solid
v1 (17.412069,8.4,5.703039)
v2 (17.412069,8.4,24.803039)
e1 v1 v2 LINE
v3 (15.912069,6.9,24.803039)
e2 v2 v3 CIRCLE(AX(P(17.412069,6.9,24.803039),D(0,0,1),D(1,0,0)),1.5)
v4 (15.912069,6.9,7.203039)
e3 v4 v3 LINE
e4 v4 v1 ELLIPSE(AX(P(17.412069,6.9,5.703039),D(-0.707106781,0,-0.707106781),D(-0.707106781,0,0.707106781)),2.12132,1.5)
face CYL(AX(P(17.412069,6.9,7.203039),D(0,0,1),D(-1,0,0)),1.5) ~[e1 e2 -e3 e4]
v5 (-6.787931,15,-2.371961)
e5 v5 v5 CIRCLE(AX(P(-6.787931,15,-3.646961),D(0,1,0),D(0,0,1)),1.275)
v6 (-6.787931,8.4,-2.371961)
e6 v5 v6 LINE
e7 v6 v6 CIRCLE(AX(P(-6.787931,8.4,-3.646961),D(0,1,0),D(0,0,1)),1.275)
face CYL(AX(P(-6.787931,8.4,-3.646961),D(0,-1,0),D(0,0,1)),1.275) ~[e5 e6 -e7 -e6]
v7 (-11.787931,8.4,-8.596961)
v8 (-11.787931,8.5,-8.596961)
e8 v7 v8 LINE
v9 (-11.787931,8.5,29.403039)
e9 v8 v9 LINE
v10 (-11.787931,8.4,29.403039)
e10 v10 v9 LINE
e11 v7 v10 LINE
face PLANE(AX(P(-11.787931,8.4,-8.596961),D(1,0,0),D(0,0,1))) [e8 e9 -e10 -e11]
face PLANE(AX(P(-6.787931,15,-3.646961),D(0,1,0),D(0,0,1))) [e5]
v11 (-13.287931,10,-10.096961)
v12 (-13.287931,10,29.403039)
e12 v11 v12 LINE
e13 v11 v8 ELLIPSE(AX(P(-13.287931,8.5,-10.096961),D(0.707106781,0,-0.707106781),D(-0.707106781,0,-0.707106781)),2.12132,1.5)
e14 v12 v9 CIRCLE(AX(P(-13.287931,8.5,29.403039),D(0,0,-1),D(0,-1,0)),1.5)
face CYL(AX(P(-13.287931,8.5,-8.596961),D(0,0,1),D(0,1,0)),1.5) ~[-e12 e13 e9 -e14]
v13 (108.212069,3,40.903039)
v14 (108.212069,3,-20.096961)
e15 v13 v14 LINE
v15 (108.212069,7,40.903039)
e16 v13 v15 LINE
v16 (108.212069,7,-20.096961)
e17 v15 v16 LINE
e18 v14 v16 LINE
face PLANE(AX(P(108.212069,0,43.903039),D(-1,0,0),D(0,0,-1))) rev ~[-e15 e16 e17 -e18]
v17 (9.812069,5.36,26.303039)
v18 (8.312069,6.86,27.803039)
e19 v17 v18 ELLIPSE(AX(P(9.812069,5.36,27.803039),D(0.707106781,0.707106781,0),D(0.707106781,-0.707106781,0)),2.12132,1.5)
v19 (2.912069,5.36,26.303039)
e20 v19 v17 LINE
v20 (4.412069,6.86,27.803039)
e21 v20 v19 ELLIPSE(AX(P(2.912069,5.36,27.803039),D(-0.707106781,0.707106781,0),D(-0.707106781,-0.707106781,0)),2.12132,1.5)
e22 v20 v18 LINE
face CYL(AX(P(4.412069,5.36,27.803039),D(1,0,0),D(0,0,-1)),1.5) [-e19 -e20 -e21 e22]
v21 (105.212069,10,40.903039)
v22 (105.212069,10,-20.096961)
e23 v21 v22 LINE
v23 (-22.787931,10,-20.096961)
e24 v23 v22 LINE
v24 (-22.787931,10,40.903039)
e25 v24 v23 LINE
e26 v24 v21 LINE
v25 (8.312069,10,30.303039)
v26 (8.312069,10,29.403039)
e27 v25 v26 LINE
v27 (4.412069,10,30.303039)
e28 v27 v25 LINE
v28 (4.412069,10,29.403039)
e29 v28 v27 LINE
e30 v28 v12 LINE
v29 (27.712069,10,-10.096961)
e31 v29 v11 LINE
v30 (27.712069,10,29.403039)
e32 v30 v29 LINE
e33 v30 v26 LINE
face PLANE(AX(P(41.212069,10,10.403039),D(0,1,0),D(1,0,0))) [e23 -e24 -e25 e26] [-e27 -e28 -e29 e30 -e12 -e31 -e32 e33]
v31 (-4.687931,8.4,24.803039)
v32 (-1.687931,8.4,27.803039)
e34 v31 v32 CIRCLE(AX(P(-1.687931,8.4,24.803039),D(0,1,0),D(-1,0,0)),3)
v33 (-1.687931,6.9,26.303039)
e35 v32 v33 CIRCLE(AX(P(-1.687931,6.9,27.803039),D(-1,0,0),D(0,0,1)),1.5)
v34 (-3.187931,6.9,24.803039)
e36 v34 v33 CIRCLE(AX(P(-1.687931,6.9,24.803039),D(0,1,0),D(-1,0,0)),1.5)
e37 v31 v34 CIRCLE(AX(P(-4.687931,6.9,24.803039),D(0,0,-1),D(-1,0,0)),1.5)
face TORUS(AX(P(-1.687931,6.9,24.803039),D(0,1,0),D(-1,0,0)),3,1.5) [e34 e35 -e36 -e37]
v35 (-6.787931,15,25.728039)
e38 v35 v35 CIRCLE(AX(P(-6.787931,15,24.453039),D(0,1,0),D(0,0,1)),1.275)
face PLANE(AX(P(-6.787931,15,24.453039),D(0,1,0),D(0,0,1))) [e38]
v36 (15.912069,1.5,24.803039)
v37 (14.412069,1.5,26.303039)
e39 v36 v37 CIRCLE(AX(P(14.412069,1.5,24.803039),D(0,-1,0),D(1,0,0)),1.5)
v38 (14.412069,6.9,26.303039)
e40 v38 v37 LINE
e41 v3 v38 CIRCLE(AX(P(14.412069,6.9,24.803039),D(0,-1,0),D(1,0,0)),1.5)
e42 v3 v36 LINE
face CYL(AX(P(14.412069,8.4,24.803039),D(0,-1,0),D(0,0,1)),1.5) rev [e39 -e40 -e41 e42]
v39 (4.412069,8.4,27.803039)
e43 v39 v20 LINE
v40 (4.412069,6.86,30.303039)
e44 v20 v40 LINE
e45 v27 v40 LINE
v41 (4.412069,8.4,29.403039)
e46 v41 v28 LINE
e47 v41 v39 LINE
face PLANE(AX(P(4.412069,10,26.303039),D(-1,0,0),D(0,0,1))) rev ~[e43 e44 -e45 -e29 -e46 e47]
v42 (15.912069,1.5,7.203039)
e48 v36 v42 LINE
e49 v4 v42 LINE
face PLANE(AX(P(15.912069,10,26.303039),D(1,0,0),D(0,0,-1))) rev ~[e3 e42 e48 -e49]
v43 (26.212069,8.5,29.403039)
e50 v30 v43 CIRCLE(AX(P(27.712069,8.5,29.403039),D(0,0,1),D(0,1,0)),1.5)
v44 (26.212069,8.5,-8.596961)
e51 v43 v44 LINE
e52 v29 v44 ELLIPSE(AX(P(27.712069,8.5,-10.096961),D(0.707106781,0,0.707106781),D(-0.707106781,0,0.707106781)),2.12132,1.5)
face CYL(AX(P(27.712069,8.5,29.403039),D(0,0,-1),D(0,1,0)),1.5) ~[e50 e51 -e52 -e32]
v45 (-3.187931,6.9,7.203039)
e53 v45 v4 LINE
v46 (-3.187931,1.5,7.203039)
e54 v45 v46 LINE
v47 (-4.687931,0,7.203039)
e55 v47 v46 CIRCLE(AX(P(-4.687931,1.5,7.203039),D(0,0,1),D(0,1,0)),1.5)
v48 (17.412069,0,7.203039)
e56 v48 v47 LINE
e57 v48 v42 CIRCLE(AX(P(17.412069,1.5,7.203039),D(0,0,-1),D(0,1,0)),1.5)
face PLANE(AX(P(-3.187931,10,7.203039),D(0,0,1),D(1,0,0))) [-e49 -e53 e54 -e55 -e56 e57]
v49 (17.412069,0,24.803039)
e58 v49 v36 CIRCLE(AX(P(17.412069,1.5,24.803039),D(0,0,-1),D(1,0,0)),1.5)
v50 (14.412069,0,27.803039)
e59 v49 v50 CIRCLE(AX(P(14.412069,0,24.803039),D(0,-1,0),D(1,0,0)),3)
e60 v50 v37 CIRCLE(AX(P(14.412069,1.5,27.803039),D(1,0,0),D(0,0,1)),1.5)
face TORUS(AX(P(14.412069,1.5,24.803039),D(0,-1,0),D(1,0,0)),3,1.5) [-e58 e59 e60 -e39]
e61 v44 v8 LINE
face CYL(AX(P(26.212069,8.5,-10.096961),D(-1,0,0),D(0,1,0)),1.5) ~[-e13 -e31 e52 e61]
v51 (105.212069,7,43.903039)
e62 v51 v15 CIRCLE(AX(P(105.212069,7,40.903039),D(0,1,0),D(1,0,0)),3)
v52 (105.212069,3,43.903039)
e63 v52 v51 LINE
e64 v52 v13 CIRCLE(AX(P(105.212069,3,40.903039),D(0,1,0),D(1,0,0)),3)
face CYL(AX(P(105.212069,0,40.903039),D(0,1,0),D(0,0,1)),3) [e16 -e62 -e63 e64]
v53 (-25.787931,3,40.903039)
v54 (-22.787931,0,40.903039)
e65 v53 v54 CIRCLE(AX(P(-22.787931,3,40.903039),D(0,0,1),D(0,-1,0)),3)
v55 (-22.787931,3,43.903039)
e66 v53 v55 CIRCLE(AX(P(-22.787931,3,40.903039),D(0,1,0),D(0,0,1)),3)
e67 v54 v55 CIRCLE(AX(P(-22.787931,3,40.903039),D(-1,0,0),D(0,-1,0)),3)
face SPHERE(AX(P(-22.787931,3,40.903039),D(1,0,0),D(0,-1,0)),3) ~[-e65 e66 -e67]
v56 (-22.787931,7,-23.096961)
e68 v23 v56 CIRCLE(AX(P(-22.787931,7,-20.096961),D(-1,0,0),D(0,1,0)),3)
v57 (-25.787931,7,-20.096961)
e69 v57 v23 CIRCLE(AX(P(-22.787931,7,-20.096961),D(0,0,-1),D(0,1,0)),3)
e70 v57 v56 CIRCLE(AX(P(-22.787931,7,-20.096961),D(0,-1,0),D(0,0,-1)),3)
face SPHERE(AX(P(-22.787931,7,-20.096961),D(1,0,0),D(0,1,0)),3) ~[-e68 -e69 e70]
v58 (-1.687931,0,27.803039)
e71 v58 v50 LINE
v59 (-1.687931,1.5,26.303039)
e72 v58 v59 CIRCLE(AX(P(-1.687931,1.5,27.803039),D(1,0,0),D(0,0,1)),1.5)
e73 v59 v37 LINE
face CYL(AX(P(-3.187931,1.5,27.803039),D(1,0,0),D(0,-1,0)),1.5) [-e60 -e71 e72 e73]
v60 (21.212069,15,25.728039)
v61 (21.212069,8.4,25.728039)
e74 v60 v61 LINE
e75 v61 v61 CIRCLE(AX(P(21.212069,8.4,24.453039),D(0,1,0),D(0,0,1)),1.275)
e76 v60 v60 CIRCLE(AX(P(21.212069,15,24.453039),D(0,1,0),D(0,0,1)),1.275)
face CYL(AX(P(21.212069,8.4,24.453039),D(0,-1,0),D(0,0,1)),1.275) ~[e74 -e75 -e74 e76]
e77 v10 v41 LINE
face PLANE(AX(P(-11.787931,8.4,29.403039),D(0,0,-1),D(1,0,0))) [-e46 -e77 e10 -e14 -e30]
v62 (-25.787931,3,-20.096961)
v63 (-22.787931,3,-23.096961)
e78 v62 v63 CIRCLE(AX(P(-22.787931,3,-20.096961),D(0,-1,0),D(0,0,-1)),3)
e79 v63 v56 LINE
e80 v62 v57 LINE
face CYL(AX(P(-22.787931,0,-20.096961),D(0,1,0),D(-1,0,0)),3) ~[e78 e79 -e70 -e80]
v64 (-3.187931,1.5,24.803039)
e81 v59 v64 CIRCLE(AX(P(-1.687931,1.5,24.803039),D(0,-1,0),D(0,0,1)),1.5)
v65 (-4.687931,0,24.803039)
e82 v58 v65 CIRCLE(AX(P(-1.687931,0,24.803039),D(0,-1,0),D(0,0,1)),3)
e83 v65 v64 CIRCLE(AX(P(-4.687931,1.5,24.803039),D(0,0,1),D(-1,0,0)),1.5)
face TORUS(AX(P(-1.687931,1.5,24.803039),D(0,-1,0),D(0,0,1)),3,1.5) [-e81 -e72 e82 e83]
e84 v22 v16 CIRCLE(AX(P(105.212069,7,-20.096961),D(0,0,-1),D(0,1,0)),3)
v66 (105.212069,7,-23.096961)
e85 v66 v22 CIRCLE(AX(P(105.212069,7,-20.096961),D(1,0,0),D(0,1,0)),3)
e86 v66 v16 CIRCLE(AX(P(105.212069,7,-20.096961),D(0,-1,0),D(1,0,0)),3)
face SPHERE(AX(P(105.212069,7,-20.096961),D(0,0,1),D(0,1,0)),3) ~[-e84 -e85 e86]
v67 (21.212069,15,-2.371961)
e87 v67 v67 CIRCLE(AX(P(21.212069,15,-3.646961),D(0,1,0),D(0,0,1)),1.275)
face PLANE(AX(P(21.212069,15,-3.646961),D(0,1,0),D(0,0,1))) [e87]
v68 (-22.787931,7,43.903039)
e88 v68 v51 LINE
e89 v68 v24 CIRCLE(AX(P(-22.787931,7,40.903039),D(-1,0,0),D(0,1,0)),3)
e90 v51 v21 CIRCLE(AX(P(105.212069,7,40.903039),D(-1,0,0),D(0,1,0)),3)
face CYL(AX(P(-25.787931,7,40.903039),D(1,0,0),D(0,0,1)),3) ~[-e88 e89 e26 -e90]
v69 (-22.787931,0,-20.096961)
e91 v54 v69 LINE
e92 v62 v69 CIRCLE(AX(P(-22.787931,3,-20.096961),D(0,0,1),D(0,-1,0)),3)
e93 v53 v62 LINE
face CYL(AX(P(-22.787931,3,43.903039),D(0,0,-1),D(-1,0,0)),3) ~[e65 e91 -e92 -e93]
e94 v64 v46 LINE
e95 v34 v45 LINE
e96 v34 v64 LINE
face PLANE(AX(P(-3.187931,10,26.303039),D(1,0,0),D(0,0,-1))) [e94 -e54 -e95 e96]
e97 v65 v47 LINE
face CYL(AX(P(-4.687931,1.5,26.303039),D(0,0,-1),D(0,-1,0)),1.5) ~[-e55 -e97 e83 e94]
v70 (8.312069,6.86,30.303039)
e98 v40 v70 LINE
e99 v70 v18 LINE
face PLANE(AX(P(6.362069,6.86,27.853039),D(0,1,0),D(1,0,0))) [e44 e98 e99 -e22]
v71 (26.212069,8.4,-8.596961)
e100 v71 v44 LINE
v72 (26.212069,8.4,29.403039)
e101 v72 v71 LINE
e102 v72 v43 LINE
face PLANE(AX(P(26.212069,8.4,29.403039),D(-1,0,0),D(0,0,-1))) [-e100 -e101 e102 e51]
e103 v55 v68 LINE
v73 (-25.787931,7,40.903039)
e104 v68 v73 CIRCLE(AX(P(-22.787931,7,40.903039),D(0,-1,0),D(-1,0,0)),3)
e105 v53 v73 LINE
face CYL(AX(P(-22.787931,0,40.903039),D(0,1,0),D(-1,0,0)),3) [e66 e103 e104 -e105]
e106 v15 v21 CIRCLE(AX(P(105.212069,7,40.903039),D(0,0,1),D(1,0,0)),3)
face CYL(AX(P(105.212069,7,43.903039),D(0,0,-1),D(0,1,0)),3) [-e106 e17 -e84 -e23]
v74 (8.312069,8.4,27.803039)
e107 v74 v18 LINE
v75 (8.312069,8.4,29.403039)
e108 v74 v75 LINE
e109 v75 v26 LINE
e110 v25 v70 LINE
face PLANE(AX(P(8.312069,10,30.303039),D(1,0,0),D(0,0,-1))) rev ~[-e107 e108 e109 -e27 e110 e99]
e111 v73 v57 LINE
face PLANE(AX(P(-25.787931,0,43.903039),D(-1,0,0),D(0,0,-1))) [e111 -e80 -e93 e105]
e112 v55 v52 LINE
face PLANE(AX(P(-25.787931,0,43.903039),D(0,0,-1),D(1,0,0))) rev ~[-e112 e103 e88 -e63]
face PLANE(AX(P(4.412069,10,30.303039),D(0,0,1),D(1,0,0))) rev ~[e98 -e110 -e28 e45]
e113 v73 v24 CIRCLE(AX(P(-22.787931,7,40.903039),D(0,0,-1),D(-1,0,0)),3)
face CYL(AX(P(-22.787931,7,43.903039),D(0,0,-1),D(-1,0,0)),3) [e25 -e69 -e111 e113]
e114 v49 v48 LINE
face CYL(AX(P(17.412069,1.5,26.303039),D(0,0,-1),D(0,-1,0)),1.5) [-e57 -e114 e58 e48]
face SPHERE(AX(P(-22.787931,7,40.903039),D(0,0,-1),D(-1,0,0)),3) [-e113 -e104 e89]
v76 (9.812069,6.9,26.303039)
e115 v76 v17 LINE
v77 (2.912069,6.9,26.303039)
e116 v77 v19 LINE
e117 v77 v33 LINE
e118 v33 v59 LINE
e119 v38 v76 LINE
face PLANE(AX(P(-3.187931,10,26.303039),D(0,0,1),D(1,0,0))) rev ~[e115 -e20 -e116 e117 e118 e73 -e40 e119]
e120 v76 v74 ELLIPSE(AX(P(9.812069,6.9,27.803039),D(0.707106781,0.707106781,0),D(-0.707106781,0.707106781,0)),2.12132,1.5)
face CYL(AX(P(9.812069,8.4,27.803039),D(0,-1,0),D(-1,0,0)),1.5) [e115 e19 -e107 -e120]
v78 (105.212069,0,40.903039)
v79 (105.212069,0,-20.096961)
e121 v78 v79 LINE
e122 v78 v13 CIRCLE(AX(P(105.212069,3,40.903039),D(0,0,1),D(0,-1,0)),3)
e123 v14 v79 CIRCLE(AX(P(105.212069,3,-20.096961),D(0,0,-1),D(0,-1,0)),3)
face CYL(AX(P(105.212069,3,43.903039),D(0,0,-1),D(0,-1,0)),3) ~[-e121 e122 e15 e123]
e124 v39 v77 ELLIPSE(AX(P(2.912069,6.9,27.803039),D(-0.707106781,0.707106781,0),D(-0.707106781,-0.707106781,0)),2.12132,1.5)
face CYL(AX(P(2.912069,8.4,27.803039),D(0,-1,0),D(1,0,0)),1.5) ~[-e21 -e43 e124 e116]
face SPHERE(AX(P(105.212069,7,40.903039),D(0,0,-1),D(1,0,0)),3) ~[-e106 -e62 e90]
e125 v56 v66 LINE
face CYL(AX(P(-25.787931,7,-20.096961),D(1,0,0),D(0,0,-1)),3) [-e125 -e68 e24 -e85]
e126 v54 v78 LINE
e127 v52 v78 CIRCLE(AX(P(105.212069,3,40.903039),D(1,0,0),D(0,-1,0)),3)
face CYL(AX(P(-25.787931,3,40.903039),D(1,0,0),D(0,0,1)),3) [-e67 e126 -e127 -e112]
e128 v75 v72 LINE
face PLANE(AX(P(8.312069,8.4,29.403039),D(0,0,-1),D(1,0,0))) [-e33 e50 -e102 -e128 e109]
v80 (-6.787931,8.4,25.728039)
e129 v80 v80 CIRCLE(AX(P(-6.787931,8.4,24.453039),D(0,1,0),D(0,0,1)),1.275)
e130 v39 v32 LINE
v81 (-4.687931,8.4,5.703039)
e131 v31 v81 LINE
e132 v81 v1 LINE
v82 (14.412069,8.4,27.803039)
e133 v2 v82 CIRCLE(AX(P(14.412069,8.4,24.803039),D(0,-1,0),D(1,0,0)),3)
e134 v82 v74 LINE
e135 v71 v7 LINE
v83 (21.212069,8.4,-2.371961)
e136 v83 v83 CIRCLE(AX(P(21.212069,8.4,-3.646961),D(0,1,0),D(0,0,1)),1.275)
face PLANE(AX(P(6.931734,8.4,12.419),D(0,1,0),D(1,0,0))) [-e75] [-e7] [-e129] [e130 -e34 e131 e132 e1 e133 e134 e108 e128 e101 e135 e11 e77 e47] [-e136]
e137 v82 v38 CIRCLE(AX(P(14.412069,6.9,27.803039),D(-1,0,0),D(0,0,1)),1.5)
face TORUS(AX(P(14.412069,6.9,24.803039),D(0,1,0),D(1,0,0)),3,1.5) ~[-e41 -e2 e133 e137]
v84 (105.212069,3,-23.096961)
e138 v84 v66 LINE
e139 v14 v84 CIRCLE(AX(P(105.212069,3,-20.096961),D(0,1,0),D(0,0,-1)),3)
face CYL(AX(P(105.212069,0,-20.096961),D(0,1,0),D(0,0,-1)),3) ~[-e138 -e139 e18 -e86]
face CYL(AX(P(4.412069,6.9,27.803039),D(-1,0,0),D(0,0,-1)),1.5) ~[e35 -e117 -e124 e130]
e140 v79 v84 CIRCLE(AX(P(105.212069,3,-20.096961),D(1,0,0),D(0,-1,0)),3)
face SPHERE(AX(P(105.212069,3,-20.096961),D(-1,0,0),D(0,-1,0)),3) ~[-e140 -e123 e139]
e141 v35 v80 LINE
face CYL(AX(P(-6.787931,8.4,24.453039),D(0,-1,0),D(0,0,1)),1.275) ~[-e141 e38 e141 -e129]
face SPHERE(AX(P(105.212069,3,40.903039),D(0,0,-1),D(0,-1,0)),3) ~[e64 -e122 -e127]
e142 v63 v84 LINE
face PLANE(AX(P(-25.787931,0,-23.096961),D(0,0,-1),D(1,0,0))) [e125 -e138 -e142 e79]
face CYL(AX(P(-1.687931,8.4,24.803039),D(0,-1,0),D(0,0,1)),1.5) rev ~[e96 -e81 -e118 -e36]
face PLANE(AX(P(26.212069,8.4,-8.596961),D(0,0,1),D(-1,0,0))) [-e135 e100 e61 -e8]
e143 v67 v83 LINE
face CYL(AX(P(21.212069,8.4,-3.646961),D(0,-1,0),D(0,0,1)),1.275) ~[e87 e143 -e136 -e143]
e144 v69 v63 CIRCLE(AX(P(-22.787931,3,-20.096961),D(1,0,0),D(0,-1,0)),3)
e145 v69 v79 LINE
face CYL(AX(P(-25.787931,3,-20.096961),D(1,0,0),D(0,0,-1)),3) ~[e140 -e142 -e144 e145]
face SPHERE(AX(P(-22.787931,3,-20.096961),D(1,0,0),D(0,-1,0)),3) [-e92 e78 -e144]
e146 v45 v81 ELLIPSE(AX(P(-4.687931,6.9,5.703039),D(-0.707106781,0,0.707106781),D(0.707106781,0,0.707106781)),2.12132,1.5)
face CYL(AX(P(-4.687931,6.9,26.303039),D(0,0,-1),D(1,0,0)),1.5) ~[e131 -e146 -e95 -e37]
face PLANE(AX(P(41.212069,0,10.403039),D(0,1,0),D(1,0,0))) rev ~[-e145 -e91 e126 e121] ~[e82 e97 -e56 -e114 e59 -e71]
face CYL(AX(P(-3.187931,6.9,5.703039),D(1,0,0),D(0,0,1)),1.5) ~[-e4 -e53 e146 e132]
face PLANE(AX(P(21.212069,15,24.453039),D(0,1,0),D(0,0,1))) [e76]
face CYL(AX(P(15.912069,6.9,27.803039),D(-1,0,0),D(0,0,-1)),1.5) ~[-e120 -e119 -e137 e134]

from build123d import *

# Parameters (mm, degrees)
SKETCH1_W           = 134
SKETCH1_H           = 67
BOSS_EXTRUDE1_DEPTH = 10
SKETCH2_W           = 19.1
SKETCH2_H           = 19.1
CUT_EXTRUDE1_DEPTH  = 10
SKETCH2_3_R         = 1.275
BOSS_EXTRUDE2_DEPTH = 5
CUT_EXTRUDE3_START  = -1.6
SKETCH2_6_R         = 1.275
CUT_EXTRUDE3_DEPTH  = 1.6
SKETCH2_5_W         = 3.9
SKETCH2_5_H         = 3.1
SKETCH2_5_H_2       = 0.9
CUT_EXTRUDE2_DEPTH  = 3.14
FILLET1_R           = 3
FILLET2_R           = 1.5
FILLET3_R           = 1.5


with BuildPart() as part:
    # Sketch1 → Boss-Extrude1 (new body)
    with BuildSketch(Plane(origin=(0, 0, 0), x_dir=(1, 0, 0), z_dir=(0, 1, 0))):
        with Locations((41.212068984, -10.4030388)):
            Rectangle(SKETCH1_W, SKETCH1_H)
    extrude(amount=BOSS_EXTRUDE1_DEPTH)

    # Sketch2 → Cut-Extrude1 (cut)
    with BuildSketch(Plane(origin=(0, 10, 0), x_dir=(1, 0, 0), z_dir=(0, 1, 0))):
        with Locations((6.362068984, -16.7530388)):
            Rectangle(SKETCH2_W, SKETCH2_H)
    extrude(amount=-CUT_EXTRUDE1_DEPTH, mode=Mode.SUBTRACT)

    # Sketch2<3> → Boss-Extrude2 (add)
    with BuildSketch(Plane(origin=(0, 10, 0), x_dir=(1, 0, 0), z_dir=(0, 1, 0))):
        with Locations(Location((-6.787931016, 3.6469612, 0), (0, 0, 270))):
            Circle(SKETCH2_3_R)
        with Locations(Location((-6.787931016, -24.4530388, 0), (0, 0, 270))):
            Circle(SKETCH2_3_R)
        with Locations(Location((21.212068984, -24.4530388, 0), (0, 0, 270))):
            Circle(SKETCH2_3_R)
        with Locations(Location((21.212068984, 3.6469612, 0), (0, 0, 270))):
            Circle(SKETCH2_3_R)
    extrude(amount=BOSS_EXTRUDE2_DEPTH)

    # Sketch2<6> → Cut-Extrude3 (cut)
    with BuildSketch(Plane(origin=(0, 10, 0), x_dir=(1, 0, 0), z_dir=(0, 1, 0)).offset(CUT_EXTRUDE3_START)):
        Polygon((26.212068984, 8.5969612), (-11.787931016, 8.5969612), (-11.787931016, -29.4030388), (4.412068984, -29.4030388), (4.412068984, -26.3030388), (-3.187931016, -26.3030388), (-3.187931016, -7.2030388), (15.912068984, -7.2030388), (15.912068984, -26.3030388), (8.312068984, -26.3030388), (8.312068984, -29.4030388), (26.212068984, -29.4030388), align=None)
        with Locations(Location((-6.787931016, -24.4530388, 0), (0, 0, 270))):
            Circle(SKETCH2_6_R, mode=Mode.SUBTRACT)
        with Locations(Location((21.212068984, -24.4530388, 0), (0, 0, 270))):
            Circle(SKETCH2_6_R, mode=Mode.SUBTRACT)
        with Locations(Location((-6.787931016, 3.6469612, 0), (0, 0, 270))):
            Circle(SKETCH2_6_R, mode=Mode.SUBTRACT)
        with Locations(Location((21.212068984, 3.6469612, 0), (0, 0, 270))):
            Circle(SKETCH2_6_R, mode=Mode.SUBTRACT)
    extrude(amount=CUT_EXTRUDE3_DEPTH, mode=Mode.SUBTRACT)

    # Sketch2<5> → Cut-Extrude2 (cut)
    with BuildSketch(Plane(origin=(0, 10, 0), x_dir=(1, 0, 0), z_dir=(0, 1, 0))):
        with Locations((6.362068984, -27.8530388)):
            Rectangle(SKETCH2_5_W, SKETCH2_5_H)
        with Locations((6.362068984, -29.8530388)):
            Rectangle(SKETCH2_5_W, SKETCH2_5_H_2)
    extrude(amount=-CUT_EXTRUDE2_DEPTH, mode=Mode.SUBTRACT)

    # Fillet1
    fillet1_edges = [part.edges().sort_by_distance(p)[0] for p in [
        (108.212068984, 10, 10.4030388),
        (41.212068984, 10, -23.0969612),
        (-25.787931016, 10, 10.4030388),
        (41.212068984, 0, -23.0969612),
        (108.212068984, 0, 10.4030388),
        (41.212068984, 0, 43.9030388),
        (-25.787931016, 0, 10.4030388),
        (-25.787931016, 5, -23.0969612),
        (108.212068984, 5, -23.0969612),
        (108.212068984, 5, 43.9030388),
        (-25.787931016, 5, 43.9030388),
        (41.212068984, 10, 43.9030388),
    ]]
    fillet(fillet1_edges, radius=FILLET1_R)

    # Fillet2
    fillet2_edges = [part.edges().sort_by_distance(p)[0] for p in [
        (4.412068984, 7.63, 26.3030388),
        (6.362068984, 6.86, 26.3030388),
        (-3.187931016, 4.2, 26.3030388),
        (15.912068984, 4.2, 26.3030388),
        (15.912068984, 0, 16.7530388),
        (6.362068984, 0, 26.3030388),
        (-3.187931016, 0, 16.7530388),
        (15.912068984, 8.4, 16.7530388),
        (6.362068984, 8.4, 7.2030388),
        (12.112068984, 8.4, 26.3030388),
        (-3.187931016, 8.4, 16.7530388),
        (0.612068984, 8.4, 26.3030388),
        (8.312068984, 7.63, 26.3030388),
    ]]
    fillet(fillet2_edges, radius=FILLET2_R)

    # Fillet3
    fillet3_edges = [part.edges().sort_by_distance(p)[0] for p in [
        (7.212068984, 10, -8.5969612),
        (26.212068984, 10, 10.4030388),
        (-11.787931016, 10, 10.4030388),
    ]]
    fillet(fillet3_edges, radius=FILLET3_R)


solid = part.part
